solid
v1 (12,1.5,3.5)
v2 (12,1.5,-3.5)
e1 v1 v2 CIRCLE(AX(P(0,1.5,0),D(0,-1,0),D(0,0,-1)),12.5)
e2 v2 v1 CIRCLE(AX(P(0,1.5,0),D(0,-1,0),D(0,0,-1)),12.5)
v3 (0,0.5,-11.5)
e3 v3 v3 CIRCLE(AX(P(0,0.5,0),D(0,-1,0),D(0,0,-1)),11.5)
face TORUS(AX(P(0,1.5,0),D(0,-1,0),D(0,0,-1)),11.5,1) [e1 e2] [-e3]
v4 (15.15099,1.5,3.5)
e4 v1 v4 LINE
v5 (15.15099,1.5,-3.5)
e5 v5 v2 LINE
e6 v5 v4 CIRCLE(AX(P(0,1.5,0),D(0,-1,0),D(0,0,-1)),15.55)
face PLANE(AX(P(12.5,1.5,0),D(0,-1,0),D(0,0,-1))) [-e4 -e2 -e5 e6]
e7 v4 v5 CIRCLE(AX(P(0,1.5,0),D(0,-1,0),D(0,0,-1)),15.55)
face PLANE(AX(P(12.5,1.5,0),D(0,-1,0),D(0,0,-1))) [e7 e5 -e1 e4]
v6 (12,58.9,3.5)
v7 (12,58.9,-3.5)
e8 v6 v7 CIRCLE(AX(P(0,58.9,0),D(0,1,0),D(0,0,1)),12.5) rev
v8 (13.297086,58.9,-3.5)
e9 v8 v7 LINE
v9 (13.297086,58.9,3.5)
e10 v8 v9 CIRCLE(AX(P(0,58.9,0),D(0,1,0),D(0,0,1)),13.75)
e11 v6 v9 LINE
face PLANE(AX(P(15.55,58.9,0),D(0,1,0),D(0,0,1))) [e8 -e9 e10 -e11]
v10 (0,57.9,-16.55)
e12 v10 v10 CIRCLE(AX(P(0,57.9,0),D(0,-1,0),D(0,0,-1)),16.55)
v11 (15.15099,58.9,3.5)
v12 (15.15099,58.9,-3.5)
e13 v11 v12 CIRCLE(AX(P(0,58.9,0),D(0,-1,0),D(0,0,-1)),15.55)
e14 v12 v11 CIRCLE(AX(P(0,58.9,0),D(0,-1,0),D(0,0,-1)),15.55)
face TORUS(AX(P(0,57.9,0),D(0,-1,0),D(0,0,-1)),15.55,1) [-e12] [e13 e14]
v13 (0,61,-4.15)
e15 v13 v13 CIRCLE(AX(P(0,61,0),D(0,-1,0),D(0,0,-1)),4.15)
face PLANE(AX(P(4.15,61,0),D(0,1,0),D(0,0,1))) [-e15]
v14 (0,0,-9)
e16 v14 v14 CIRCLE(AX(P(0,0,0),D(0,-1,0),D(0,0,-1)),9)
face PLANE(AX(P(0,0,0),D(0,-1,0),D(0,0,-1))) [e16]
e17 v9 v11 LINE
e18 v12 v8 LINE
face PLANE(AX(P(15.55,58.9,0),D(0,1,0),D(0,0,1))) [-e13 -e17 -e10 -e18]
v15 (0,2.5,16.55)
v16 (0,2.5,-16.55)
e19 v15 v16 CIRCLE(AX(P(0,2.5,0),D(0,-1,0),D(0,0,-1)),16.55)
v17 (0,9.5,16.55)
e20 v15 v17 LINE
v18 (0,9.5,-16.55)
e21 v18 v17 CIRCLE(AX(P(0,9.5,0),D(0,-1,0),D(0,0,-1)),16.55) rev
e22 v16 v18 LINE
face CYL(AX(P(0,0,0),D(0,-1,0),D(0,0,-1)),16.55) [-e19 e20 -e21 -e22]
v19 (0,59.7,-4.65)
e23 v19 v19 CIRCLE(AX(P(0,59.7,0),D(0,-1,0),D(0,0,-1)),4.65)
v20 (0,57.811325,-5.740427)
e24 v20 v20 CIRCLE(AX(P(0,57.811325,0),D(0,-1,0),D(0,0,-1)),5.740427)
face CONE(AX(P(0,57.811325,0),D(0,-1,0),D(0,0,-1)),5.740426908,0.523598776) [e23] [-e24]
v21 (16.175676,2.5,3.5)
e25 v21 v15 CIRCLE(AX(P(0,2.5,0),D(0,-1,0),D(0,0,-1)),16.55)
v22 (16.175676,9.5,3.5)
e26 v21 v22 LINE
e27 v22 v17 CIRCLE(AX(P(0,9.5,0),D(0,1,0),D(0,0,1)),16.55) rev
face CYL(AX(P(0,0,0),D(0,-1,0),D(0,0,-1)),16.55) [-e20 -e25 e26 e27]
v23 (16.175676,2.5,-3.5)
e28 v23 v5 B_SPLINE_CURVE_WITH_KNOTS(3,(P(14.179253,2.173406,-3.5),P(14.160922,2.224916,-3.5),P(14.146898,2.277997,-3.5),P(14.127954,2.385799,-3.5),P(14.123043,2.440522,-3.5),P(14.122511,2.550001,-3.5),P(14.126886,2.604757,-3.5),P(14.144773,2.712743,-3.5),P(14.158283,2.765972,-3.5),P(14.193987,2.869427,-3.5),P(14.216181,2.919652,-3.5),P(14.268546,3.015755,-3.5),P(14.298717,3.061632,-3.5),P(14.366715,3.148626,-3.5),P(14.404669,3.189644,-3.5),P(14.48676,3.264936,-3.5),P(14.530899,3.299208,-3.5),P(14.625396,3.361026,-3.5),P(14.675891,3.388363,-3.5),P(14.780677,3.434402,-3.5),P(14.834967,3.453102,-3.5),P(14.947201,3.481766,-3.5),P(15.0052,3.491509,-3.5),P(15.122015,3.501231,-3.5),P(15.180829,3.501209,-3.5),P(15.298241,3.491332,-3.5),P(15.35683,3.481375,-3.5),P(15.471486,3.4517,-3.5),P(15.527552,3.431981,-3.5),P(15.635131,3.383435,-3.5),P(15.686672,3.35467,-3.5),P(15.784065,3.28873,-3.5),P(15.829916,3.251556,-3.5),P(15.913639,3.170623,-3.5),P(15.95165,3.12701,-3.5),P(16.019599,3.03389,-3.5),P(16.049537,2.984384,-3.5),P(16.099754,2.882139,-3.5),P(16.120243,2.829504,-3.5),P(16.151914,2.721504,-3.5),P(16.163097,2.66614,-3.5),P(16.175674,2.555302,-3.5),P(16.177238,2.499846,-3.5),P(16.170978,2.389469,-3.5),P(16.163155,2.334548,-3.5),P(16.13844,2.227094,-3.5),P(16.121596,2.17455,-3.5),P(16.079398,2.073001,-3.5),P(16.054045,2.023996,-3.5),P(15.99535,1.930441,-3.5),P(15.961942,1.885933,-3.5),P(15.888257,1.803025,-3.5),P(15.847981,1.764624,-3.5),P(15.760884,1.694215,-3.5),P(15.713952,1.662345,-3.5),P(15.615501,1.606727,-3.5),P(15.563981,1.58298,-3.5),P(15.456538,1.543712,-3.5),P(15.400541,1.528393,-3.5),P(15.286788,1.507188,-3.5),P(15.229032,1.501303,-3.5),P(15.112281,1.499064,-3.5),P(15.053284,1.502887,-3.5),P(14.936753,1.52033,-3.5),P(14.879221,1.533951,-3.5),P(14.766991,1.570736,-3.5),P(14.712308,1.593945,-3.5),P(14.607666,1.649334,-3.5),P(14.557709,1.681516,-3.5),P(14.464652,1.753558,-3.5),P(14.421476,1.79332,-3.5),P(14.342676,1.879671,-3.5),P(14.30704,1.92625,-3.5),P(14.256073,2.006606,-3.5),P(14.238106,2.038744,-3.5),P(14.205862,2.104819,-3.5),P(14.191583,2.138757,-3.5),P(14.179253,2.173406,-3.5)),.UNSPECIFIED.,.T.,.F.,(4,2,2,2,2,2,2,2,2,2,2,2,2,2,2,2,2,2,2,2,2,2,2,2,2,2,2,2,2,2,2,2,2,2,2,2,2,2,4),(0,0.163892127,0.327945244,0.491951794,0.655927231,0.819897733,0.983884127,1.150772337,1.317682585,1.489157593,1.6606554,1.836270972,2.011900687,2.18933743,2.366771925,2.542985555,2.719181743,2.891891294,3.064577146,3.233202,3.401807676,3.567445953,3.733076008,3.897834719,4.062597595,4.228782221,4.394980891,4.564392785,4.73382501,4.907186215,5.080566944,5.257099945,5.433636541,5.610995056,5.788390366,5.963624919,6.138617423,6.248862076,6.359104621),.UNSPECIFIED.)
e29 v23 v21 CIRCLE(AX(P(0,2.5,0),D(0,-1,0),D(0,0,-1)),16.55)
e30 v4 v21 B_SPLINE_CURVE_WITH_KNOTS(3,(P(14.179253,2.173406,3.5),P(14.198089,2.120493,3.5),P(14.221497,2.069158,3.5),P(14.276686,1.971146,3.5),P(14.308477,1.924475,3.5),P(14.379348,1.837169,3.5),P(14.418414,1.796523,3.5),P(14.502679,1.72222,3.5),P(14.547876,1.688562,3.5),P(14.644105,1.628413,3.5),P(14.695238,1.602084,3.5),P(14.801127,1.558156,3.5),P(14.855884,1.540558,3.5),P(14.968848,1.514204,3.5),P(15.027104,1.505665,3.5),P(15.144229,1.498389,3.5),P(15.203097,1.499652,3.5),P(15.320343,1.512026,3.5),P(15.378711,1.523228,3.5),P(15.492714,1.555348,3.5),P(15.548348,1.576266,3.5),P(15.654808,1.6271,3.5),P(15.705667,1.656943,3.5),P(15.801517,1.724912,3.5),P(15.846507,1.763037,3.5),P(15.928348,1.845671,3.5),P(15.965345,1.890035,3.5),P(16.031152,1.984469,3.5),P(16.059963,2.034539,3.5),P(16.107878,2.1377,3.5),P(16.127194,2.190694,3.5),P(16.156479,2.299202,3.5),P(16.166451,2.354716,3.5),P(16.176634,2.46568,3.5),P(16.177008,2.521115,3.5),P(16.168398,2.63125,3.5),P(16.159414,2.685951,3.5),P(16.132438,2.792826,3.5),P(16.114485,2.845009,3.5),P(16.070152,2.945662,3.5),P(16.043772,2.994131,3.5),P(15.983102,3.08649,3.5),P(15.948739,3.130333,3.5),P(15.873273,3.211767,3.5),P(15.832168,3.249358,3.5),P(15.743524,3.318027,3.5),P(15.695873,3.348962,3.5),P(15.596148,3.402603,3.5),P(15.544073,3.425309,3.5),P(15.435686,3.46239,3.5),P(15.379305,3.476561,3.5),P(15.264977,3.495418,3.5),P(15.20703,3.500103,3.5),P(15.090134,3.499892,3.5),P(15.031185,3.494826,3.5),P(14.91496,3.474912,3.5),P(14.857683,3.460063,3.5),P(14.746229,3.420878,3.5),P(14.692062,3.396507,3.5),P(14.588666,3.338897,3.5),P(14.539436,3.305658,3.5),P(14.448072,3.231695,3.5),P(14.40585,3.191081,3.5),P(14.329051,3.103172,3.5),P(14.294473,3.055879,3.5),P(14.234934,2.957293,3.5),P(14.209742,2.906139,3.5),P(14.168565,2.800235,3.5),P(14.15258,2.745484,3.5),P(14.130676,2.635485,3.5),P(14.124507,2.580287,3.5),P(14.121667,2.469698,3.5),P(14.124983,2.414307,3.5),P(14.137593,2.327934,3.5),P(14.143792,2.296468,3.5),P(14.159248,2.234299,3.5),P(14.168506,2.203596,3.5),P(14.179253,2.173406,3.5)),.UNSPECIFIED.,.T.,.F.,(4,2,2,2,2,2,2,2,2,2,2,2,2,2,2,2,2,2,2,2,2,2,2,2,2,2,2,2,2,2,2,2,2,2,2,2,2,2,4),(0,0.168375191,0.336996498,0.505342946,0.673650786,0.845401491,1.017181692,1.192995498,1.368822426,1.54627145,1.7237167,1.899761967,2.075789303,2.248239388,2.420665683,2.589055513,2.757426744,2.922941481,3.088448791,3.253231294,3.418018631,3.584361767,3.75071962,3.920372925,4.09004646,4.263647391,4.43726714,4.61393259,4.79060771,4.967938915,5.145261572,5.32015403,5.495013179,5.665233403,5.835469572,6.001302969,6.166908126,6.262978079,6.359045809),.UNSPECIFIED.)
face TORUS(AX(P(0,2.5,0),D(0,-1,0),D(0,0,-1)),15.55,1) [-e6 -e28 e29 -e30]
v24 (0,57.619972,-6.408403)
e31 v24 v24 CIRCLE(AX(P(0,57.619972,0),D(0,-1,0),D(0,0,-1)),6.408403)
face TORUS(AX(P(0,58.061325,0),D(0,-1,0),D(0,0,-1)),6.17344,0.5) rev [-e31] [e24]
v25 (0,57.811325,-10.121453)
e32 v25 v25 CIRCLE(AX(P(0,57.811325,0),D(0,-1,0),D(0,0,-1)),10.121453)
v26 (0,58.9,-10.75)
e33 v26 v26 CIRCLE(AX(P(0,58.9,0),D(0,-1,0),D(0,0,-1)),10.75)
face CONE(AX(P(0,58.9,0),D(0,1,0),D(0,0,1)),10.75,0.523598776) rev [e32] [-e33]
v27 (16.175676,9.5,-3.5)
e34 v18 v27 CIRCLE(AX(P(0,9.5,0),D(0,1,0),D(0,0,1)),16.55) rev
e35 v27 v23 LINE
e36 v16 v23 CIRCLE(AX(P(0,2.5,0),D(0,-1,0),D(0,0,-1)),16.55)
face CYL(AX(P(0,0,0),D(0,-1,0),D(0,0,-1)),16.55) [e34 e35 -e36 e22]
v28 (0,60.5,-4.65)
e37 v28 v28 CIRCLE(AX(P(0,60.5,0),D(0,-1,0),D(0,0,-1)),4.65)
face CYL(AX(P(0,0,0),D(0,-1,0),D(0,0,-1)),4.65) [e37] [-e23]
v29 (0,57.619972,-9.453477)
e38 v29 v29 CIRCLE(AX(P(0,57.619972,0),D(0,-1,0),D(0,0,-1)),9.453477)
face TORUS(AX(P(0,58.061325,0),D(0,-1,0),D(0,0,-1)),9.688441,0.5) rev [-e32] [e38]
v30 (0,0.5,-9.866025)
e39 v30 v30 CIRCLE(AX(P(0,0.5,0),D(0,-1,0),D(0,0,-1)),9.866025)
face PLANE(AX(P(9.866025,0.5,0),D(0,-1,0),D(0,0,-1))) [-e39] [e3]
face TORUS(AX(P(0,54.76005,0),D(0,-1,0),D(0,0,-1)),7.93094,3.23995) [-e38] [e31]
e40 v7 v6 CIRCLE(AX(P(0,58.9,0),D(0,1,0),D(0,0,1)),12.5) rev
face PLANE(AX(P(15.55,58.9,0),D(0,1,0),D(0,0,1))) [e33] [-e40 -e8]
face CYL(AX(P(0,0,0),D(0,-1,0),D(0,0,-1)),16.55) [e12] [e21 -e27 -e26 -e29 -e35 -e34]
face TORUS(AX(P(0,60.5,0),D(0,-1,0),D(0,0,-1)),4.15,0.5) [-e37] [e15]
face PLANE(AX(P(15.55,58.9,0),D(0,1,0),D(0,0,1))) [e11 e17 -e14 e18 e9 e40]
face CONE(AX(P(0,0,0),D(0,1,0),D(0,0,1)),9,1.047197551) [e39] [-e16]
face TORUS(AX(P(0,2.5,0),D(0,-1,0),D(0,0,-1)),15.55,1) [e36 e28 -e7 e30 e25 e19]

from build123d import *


with BuildPart() as part:
    # Sketch2 → Revolve1 (revolve)
    with BuildSketch(Plane.XY, mode=Mode.PRIVATE) as revolve1_sk:
        with BuildLine():
            Line((0, 0), (9, 0))
            Line((9, 0), (9.866025404, 0.5))
            Line((9.866025404, 0.5), (11.5, 0.5))
            ThreePointArc((11.5, 0.5), (12.207106781, 0.792893219), (12.5, 1.5))
            Line((12.5, 1.5), (15.55, 1.5))
            ThreePointArc((15.55, 1.5), (16.257106781, 1.792893219), (16.55, 2.5))
            Line((16.55, 2.5), (16.55, 57.9))
            ThreePointArc((16.55, 57.9), (16.257106781, 58.607106781), (15.55, 58.9))
            Line((15.55, 58.9), (10.75, 58.9))
            Line((10.75, 58.9), (10.121453307, 57.811325193))
            ThreePointArc((10.121453307, 57.811325193), (9.826135517, 57.580658873), (9.453477498, 57.619972344))
            ThreePointArc((9.453477498, 57.619972344), (7.930940108, 58), (6.408402718, 57.619972344))
            ThreePointArc((6.408402718, 57.619972344), (6.035744698, 57.580658873), (5.740426908, 57.811325193))
            Line((5.740426908, 57.811325193), (4.65, 59.7))
            Line((4.65, 59.7), (4.65, 60.5))
            ThreePointArc((4.65, 60.5), (4.503553391, 60.853553391), (4.15, 61))
            Line((4.15, 61), (0, 61))
            Line((0, 61), (0, 0))
        make_face()
    revolve(revolve1_sk.sketch.rotate(Axis((0, 0, 0), (0, 1, 0)), 90), axis=Axis((0, 0, 0), (0, 1, 0)))


solid = part.part
